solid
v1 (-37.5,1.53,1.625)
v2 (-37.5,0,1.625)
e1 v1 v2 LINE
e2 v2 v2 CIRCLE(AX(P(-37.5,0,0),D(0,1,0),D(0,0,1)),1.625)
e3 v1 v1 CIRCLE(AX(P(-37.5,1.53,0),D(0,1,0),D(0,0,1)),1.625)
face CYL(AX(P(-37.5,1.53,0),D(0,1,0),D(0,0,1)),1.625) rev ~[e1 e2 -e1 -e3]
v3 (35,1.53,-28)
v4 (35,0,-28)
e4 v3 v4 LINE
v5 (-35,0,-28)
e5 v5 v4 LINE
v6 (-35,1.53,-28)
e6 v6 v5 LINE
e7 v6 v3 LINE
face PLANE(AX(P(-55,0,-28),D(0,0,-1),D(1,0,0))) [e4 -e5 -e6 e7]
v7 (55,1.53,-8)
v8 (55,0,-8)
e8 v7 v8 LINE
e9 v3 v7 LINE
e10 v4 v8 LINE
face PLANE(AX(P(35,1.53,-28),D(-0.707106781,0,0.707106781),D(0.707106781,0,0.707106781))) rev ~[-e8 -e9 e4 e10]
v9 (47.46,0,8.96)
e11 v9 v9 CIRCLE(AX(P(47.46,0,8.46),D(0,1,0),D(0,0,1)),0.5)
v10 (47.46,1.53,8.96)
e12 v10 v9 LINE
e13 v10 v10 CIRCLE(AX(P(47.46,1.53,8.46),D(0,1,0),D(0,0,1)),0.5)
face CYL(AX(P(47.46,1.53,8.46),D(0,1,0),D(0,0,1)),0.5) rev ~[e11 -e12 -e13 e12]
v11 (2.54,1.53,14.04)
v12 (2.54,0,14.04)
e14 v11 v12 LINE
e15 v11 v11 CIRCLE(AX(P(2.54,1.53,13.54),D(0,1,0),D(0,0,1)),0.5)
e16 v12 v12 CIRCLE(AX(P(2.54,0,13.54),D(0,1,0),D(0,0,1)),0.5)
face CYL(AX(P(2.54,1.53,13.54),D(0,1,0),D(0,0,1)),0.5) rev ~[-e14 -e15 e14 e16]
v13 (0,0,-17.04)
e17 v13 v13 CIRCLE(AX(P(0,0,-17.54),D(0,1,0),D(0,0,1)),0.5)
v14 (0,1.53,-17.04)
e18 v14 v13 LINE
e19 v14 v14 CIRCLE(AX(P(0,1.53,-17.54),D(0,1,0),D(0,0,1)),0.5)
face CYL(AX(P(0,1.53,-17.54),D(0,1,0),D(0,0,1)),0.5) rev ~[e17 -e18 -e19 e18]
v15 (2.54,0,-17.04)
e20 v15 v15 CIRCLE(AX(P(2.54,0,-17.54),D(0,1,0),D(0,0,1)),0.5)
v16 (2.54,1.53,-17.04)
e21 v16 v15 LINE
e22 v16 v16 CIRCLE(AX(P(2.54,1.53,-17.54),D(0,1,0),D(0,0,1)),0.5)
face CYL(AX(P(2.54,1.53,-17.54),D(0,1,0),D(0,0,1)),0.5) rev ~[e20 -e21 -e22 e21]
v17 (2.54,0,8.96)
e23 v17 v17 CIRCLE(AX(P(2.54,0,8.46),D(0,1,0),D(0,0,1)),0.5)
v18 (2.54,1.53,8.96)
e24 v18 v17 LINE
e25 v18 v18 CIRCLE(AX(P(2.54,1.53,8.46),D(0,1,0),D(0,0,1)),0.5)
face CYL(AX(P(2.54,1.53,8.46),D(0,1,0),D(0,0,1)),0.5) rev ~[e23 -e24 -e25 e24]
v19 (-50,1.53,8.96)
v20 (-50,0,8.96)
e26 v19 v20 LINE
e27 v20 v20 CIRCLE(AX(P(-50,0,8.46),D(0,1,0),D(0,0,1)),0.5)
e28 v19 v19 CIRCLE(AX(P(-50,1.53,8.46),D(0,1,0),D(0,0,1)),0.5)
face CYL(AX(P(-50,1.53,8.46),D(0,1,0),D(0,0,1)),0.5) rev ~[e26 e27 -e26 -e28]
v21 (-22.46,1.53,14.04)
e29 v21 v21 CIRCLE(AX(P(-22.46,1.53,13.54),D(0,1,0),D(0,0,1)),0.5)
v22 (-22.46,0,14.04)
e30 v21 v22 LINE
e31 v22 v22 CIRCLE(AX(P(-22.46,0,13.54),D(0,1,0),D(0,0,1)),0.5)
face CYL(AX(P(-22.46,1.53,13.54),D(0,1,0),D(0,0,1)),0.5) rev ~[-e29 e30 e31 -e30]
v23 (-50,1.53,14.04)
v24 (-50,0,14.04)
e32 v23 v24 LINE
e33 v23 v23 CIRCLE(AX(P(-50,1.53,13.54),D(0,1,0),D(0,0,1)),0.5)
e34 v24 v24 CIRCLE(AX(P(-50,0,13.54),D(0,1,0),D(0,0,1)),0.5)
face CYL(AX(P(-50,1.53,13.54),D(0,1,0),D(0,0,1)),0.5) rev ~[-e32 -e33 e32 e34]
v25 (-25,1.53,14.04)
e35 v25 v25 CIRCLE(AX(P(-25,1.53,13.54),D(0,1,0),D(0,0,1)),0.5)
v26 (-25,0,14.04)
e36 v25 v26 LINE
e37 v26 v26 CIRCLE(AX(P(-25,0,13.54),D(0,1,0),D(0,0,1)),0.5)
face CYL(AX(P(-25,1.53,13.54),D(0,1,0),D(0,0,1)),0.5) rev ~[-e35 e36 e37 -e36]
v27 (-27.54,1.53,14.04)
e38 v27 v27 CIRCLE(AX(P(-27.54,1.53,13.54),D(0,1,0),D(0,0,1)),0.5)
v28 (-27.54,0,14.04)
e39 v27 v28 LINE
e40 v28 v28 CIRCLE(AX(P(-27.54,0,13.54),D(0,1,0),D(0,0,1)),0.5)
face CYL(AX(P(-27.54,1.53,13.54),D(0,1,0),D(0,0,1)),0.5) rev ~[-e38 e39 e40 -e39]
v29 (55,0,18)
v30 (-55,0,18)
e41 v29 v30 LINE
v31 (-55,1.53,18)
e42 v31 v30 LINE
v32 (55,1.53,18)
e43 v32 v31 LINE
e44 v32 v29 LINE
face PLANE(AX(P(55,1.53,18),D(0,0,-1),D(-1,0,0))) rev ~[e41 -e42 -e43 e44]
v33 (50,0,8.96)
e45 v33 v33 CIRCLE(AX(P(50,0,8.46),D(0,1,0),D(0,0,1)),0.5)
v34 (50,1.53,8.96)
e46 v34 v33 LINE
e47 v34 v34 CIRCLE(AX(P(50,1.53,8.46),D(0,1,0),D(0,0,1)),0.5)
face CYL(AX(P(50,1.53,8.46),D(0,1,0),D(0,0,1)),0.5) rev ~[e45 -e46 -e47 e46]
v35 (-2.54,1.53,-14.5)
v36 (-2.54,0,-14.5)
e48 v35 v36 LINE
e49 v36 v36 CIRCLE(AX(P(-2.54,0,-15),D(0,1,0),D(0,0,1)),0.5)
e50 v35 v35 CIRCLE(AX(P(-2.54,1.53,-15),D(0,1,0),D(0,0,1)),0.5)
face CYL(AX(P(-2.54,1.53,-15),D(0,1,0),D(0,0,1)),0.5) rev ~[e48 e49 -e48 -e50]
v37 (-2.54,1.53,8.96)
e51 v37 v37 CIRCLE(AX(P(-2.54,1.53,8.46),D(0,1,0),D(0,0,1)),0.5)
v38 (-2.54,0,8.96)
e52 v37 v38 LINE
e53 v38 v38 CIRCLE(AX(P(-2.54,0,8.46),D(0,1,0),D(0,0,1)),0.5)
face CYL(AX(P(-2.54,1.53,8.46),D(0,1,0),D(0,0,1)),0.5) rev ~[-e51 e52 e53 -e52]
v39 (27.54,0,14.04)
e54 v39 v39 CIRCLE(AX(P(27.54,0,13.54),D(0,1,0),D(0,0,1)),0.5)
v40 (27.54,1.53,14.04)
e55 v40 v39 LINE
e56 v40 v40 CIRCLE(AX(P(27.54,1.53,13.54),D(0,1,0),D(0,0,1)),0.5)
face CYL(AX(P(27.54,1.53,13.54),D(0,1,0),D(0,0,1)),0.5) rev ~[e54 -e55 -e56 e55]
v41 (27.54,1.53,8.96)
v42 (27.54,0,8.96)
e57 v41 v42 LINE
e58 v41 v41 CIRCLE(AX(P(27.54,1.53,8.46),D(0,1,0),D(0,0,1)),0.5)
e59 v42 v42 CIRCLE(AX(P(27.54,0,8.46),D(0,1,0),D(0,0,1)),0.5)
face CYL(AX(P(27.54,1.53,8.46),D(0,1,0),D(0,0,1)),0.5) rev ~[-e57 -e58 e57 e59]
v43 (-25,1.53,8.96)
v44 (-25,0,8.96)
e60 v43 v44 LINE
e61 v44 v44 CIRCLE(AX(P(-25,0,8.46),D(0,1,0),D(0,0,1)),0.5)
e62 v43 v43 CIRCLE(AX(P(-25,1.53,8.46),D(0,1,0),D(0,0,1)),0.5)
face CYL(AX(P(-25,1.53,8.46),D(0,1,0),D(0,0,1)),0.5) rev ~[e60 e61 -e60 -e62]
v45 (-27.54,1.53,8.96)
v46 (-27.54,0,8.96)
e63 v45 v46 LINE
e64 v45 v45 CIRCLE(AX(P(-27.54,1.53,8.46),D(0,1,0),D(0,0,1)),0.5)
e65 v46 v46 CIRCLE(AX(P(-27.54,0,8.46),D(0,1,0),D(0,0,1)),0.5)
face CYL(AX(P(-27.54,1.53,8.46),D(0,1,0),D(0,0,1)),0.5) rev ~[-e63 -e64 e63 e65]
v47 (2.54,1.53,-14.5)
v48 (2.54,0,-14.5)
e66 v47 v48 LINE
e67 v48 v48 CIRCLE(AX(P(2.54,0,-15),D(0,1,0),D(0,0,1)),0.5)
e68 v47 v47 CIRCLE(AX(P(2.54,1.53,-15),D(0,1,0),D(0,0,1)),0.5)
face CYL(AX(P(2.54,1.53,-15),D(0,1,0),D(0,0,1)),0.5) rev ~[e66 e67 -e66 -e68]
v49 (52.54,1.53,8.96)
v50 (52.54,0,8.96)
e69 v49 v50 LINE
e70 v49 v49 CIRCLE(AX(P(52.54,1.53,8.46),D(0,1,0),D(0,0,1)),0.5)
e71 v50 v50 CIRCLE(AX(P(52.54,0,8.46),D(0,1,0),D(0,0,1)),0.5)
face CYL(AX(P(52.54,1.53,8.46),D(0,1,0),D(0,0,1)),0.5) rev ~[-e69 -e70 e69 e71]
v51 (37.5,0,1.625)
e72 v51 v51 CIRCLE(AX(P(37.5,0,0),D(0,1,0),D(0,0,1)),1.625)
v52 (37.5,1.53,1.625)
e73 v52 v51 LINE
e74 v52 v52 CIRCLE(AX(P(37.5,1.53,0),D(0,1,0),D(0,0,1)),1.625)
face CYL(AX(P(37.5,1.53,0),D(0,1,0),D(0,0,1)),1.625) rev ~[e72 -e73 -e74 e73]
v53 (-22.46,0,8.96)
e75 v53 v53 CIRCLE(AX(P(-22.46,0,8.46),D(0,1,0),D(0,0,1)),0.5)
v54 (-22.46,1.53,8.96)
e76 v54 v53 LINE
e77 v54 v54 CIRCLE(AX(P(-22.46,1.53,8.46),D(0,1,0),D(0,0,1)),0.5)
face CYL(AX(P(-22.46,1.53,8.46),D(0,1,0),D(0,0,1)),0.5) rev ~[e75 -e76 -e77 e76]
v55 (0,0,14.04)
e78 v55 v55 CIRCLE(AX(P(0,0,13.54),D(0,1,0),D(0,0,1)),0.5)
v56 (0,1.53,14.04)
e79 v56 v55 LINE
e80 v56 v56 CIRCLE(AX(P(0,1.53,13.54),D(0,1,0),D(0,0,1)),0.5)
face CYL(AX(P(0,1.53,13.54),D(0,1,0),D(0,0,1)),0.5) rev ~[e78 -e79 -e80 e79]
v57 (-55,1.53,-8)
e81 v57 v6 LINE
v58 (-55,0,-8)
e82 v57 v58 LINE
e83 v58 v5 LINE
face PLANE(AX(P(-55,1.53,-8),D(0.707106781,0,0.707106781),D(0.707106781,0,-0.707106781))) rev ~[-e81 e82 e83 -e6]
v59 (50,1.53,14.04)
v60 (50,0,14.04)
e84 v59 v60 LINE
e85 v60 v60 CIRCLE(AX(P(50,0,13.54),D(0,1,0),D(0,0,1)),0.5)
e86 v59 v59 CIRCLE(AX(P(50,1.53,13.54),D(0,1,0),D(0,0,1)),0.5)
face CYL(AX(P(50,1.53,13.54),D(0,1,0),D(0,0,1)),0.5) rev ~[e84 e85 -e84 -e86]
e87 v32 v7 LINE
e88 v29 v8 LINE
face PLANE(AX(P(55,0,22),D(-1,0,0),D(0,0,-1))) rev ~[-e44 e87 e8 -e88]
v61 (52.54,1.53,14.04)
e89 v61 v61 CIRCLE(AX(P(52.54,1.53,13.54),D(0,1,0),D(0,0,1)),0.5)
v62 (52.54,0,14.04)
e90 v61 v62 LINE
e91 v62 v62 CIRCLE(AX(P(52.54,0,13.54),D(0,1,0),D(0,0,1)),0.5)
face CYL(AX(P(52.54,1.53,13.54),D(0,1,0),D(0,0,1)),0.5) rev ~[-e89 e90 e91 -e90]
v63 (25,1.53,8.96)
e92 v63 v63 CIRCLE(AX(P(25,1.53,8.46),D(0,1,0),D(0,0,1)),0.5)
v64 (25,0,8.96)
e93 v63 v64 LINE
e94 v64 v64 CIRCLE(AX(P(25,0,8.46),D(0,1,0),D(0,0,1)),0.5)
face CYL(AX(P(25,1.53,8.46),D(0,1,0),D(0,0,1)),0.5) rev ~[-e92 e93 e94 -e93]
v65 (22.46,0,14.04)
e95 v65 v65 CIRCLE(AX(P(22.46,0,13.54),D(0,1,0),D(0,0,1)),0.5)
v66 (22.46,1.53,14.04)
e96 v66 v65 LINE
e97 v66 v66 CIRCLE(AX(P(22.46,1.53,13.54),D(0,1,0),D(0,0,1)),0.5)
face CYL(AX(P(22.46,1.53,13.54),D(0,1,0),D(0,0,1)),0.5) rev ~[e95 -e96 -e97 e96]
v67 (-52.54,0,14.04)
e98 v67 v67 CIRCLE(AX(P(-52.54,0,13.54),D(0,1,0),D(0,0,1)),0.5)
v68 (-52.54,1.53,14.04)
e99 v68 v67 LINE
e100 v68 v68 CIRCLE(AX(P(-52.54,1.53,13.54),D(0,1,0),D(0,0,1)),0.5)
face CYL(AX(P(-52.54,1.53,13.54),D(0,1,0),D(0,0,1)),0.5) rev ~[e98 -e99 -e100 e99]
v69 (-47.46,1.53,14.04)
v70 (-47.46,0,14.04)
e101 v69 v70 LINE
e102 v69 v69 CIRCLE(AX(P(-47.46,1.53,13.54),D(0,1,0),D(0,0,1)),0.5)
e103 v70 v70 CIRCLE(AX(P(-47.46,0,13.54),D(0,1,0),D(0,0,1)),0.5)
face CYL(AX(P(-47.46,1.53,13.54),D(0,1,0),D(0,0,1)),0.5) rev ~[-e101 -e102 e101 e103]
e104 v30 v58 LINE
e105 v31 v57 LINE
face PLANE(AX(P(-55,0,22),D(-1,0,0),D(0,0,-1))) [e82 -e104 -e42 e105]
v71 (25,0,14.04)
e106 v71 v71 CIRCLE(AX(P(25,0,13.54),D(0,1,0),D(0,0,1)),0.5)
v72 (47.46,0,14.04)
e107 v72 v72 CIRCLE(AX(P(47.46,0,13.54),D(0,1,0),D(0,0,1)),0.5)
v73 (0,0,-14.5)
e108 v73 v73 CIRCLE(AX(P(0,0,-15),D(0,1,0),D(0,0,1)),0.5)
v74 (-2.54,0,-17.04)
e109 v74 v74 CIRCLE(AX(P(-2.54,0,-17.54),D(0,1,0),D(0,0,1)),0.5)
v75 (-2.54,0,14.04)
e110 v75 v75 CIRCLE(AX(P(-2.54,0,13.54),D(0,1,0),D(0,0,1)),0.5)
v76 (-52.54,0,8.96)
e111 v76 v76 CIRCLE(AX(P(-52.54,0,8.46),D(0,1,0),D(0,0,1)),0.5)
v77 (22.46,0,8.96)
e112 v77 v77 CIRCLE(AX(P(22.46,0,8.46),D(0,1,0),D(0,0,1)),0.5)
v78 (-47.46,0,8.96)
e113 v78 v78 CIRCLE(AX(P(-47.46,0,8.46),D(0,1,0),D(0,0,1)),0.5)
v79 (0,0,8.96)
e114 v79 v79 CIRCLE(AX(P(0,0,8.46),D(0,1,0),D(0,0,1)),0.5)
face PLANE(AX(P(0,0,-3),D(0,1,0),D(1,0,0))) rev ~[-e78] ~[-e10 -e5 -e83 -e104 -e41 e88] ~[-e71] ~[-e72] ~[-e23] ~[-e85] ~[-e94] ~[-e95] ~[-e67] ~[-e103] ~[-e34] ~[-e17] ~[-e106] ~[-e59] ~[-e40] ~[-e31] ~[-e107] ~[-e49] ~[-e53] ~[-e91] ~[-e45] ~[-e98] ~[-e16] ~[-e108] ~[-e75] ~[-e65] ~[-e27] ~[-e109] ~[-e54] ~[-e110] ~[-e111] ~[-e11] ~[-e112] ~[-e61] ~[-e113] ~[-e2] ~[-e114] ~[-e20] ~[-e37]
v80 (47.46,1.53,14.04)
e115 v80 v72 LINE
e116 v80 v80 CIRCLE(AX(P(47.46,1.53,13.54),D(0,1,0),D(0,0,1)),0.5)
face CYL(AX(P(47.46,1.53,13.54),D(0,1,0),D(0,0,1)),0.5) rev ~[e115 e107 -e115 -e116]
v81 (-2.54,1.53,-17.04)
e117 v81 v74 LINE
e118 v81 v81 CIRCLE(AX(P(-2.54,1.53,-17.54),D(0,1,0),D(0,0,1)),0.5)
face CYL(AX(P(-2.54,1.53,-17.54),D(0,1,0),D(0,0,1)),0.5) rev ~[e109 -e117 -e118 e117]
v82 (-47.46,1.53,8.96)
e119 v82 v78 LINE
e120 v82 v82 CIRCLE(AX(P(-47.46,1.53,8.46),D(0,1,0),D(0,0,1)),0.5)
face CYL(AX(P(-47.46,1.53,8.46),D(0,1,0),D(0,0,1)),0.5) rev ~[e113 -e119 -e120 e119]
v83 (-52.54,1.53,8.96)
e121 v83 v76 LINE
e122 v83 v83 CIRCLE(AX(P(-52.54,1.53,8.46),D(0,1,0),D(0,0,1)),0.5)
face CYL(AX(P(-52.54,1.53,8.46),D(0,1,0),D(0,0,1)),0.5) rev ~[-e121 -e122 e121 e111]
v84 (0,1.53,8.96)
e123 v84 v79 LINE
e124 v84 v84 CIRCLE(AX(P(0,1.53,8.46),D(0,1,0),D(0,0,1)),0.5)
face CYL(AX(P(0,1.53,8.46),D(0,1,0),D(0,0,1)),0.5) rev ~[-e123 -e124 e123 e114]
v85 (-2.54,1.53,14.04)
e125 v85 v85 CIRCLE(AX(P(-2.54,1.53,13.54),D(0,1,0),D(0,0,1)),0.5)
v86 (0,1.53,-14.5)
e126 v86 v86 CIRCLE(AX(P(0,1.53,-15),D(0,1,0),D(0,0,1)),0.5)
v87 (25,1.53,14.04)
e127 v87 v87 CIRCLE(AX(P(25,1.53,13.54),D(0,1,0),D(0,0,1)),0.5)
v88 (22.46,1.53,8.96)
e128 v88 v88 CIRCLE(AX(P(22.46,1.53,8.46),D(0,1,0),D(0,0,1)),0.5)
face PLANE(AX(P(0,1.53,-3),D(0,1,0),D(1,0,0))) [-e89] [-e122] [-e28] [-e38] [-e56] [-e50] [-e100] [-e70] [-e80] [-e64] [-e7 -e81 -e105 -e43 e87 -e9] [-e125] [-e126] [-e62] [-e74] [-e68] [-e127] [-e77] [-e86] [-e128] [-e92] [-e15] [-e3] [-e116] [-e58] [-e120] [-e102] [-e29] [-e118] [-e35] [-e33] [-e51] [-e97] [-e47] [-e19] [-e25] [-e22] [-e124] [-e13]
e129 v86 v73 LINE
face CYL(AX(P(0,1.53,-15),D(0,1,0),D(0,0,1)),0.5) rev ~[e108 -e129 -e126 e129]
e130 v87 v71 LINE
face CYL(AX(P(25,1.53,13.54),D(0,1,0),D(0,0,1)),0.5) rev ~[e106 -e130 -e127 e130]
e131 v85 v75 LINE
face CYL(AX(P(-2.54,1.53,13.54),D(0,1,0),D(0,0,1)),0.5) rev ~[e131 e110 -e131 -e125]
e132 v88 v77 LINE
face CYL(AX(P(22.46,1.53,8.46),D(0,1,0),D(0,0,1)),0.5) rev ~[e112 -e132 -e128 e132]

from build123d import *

# Parameters (mm, degrees)
SKETCH1_W             = 110
SKETCH1_H             = 50
BOSS_EXTRUDE1_DEPTH   = 1.53
SKETCH6_W             = 141.050966046
SKETCH6_H             = 69.53153639
SKETCH6_W_2           = 110
SKETCH6_H_2           = 50
CUT_EXTRUDE4_DEPTH    = 62.736058345
SKETCH2_R             = 0.5
PUSHBUTTONHOLES_DEPTH = 62.736058345
SKETCH7_R             = 1.625
MOUNT_HOLES_DEPTH     = 62.736058345
SKETCH5_R             = 0.5
RJ12HOLES_DEPTH       = 62.736058345
LPATTERN1_COUNT       = 3
LPATTERN1_PITCH       = 25
LPATTERN1_COL_COUNT   = 3
LPATTERN1_COL_PITCH   = 25


with BuildPart() as part:
    # Sketch1 → Boss-Extrude1 (new body)
    with BuildSketch(Plane(origin=(0, 0, 0), x_dir=(1, 0, 0), z_dir=(0, 1, 0))):
        with Locations((0, 3)):
            Rectangle(SKETCH1_W, SKETCH1_H)
    extrude(amount=BOSS_EXTRUDE1_DEPTH)

    # Sketch6 → Cut-Extrude4 (cut, through all)
    # profile 1 of 4: a face of its own
    with BuildSketch(Plane(origin=(0, 1.53, 0), x_dir=(1, 0, 0), z_dir=(0, 1, 0))):
        Rectangle(SKETCH6_W, SKETCH6_H)
        with Locations((0, 3)):
            Rectangle(SKETCH6_W_2, SKETCH6_H_2, mode=Mode.SUBTRACT)
    # profile 2 of 4: a face of its own
    with BuildSketch(Plane(origin=(0, 1.53, 0), x_dir=(1, 0, 0), z_dir=(0, 1, 0))):
        Polygon((55, -18), (-55, -18), (-55, -22), (-52, -22), (-28, -22), (55, -22), align=None)
    # profile 3 of 4: a face of its own
    with BuildSketch(Plane(origin=(0, 1.53, 0), x_dir=(1, 0, 0), z_dir=(0, 1, 0))):
        Polygon((-55, 8), (-35, 28), (-55, 28), align=None)
    # profile 4 of 4: a face of its own
    with BuildSketch(Plane(origin=(0, 1.53, 0), x_dir=(1, 0, 0), z_dir=(0, 1, 0))):
        Polygon((55, 28), (35, 28), (55, 8), align=None)
    extrude(amount=-CUT_EXTRUDE4_DEPTH, mode=Mode.SUBTRACT)

    # Sketch2 → PushButtonHoles (cut, through all)
    with BuildSketch(Plane(origin=(0, 1.53, 0), x_dir=(1, 0, 0), z_dir=(0, 1, 0))):
        with Locations(Location((-2.54, -8.46, 0), (0, 0, 270))):
            Circle(SKETCH2_R)
        with Locations(Location((0, -8.46, 0), (0, 0, 270))):
            Circle(SKETCH2_R)
        with Locations(Location((2.54, -8.46, 0), (0, 0, 270))):
            Circle(SKETCH2_R)
        with Locations(Location((-2.54, -13.54, 0), (0, 0, 270))):
            Circle(SKETCH2_R)
        with Locations(Location((0, -13.54, 0), (0, 0, 270))):
            Circle(SKETCH2_R)
        with Locations(Location((2.54, -13.54, 0), (0, 0, 270))):
            Circle(SKETCH2_R)
    pushbuttonholes = extrude(amount=-PUSHBUTTONHOLES_DEPTH, mode=Mode.SUBTRACT)

    # Sketch7 → Mount Holes (cut, through all)
    with BuildSketch(Plane(origin=(0, 1.53, 0), x_dir=(1, 0, 0), z_dir=(0, 1, 0))):
        with Locations(Location((-37.5, 0, 0), (0, 0, 270))):
            Circle(SKETCH7_R)
        with Locations(Location((37.5, 0, 0), (0, 0, 270))):
            Circle(SKETCH7_R)
    extrude(amount=-MOUNT_HOLES_DEPTH, mode=Mode.SUBTRACT)

    # Sketch5 → RJ12Holes (cut, through all)
    with BuildSketch(Plane(origin=(0, 1.53, 0), x_dir=(1, 0, 0), z_dir=(0, 1, 0))):
        with Locations(Location((-2.54, 17.54, 0), (0, 0, 270))):
            Circle(SKETCH5_R)
        with Locations(Location((0, 17.54, 0), (0, 0, 270))):
            Circle(SKETCH5_R)
        with Locations(Location((2.54, 17.54, 0), (0, 0, 270))):
            Circle(SKETCH5_R)
        with Locations(Location((-2.54, 15, 0), (0, 0, 270))):
            Circle(SKETCH5_R)
        with Locations(Location((0, 15, 0), (0, 0, 270))):
            Circle(SKETCH5_R)
        with Locations(Location((2.54, 15, 0), (0, 0, 270))):
            Circle(SKETCH5_R)
    extrude(amount=-RJ12HOLES_DEPTH, mode=Mode.SUBTRACT)

    # LPattern1: PushButtonHoles ×3
    with Locations(*[(i * LPATTERN1_PITCH, 0, 0) for i in range(1, LPATTERN1_COUNT)]):
        add(pushbuttonholes, mode=Mode.SUBTRACT)

    # LPattern1 col: PushButtonHoles ×3
    with Locations(*[(-i * LPATTERN1_COL_PITCH, 0, 0) for i in range(1, LPATTERN1_COL_COUNT)]):
        add(pushbuttonholes, mode=Mode.SUBTRACT)


solid = part.part
